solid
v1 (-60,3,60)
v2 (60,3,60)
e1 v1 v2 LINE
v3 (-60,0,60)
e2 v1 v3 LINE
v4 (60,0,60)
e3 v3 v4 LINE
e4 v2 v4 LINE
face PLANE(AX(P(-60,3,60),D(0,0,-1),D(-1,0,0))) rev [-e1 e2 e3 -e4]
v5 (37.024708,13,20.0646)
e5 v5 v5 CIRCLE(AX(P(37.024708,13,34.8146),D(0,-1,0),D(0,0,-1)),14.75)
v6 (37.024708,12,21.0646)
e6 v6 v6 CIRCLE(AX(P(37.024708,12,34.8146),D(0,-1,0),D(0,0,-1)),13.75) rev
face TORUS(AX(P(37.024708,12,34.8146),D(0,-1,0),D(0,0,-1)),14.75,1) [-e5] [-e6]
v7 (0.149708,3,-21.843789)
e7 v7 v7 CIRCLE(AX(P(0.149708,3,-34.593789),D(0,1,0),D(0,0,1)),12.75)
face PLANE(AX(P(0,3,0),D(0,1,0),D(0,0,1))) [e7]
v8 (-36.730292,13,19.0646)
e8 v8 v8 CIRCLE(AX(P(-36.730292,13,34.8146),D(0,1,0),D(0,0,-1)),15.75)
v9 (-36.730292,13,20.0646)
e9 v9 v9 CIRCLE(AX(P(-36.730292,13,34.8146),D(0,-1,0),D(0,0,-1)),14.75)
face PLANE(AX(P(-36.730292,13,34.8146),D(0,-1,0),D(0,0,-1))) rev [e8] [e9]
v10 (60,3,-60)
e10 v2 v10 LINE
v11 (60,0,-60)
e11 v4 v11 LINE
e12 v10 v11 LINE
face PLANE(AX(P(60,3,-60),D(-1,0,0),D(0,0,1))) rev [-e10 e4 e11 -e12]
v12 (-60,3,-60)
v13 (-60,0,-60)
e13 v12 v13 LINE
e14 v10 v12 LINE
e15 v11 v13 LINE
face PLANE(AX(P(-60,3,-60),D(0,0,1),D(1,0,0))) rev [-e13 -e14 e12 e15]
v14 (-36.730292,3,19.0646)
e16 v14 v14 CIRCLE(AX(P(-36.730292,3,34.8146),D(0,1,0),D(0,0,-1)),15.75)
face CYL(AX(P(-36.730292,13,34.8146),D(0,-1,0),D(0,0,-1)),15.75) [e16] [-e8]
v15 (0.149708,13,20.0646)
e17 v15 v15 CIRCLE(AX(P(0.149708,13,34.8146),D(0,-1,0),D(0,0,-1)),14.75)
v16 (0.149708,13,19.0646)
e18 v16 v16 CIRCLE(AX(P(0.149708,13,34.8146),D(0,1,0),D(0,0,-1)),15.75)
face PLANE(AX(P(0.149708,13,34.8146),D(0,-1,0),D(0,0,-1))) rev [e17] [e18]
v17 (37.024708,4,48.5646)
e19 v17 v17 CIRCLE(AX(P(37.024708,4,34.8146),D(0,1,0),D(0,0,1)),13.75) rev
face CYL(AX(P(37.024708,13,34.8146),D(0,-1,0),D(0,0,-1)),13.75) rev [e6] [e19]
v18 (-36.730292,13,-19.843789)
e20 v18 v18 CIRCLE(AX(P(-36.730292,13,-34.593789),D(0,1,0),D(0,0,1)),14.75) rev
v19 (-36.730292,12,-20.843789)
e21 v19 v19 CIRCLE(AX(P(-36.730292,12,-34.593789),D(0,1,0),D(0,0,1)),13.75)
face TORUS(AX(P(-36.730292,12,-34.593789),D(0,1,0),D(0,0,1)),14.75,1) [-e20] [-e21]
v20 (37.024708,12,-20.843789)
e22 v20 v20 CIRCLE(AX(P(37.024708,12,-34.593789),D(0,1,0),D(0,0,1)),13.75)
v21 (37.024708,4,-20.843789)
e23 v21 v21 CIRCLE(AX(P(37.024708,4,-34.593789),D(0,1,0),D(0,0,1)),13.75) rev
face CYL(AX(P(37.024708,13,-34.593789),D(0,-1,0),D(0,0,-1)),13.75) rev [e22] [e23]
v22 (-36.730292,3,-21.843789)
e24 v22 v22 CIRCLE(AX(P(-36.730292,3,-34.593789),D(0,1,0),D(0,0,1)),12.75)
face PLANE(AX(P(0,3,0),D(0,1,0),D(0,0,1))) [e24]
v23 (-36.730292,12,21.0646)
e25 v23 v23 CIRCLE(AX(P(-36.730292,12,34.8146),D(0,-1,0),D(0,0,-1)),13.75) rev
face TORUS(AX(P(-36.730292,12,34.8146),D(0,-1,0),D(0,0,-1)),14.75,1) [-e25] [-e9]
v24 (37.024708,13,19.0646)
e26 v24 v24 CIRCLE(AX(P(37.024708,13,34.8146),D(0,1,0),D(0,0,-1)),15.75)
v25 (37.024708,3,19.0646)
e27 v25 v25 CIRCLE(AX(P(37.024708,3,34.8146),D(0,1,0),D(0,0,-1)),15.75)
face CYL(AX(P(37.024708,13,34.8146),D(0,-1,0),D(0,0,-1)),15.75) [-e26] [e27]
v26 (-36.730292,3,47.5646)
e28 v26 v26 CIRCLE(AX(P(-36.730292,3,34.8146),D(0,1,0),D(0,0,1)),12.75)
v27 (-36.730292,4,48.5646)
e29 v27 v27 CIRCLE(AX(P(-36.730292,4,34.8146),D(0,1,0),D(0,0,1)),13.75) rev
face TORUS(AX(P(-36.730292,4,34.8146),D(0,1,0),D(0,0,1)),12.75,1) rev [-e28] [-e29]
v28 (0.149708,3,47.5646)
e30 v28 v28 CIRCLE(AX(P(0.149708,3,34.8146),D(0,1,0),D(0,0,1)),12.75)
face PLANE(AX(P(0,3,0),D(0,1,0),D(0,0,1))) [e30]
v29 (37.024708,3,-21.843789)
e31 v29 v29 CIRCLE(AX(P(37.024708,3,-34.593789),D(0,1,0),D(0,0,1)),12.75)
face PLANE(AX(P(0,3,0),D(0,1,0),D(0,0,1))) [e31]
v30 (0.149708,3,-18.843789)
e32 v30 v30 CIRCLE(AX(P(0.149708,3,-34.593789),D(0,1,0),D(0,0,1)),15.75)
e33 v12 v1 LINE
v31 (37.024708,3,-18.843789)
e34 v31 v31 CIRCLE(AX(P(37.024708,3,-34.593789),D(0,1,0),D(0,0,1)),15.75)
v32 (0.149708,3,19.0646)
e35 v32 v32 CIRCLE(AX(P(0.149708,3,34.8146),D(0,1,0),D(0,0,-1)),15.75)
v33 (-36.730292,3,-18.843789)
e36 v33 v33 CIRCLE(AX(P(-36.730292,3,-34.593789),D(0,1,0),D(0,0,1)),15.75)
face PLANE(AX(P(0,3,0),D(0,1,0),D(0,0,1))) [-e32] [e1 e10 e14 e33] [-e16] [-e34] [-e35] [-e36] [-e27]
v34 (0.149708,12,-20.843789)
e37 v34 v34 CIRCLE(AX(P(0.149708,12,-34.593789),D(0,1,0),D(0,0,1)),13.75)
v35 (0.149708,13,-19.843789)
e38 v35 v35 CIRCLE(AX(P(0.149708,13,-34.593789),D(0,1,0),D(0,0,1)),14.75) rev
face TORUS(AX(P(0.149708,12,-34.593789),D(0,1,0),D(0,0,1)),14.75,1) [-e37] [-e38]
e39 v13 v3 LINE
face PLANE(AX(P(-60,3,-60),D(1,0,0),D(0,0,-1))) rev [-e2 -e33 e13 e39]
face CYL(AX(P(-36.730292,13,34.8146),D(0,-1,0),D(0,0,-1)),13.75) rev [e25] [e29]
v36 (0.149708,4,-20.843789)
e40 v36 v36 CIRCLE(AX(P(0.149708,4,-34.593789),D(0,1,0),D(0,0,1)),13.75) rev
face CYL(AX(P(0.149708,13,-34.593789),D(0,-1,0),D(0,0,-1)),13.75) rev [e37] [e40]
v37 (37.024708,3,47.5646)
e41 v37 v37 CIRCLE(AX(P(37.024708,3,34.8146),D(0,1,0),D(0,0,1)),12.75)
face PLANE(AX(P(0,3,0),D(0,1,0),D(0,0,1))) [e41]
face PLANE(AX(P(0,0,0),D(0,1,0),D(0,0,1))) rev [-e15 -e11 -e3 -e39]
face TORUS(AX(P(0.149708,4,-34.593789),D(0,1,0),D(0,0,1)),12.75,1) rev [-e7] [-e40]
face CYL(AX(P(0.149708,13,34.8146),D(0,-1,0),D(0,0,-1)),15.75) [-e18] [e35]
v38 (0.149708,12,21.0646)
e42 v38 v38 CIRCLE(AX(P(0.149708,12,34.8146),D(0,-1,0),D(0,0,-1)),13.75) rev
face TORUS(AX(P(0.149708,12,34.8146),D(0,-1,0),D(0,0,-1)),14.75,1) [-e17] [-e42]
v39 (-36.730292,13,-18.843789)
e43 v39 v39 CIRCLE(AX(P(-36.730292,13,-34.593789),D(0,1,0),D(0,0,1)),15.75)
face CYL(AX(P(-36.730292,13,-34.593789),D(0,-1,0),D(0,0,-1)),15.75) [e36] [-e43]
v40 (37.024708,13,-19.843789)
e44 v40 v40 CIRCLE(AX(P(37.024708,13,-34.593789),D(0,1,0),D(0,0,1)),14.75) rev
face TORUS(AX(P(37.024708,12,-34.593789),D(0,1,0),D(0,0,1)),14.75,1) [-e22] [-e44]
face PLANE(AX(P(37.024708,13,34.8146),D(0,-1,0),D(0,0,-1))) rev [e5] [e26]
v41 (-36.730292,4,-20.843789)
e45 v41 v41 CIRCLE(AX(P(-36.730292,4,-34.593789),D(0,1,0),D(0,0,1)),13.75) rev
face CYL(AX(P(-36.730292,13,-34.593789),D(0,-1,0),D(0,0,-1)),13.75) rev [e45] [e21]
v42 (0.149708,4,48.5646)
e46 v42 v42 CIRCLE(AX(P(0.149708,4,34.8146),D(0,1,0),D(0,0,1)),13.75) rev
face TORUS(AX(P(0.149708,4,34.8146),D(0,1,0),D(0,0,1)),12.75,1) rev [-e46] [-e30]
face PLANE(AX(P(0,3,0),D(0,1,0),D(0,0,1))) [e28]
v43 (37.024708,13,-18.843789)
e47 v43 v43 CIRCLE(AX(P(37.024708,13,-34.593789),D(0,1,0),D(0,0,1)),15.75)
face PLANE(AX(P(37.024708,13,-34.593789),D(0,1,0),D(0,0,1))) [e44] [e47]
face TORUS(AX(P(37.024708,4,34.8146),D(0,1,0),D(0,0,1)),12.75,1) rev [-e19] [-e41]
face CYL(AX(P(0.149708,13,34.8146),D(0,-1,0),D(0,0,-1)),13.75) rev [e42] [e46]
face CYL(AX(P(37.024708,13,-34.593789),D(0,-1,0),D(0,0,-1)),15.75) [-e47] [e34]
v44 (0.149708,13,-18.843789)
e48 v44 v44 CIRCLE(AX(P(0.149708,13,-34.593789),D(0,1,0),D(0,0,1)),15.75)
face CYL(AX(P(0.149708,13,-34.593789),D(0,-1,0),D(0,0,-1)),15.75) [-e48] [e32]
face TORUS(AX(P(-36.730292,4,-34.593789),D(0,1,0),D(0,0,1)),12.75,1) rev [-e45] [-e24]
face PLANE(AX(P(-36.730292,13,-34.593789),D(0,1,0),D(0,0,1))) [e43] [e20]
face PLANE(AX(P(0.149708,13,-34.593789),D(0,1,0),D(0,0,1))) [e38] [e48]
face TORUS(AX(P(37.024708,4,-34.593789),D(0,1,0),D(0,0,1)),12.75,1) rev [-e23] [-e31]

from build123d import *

# Parameters (mm, degrees)
SKETCH3_W           = 120
SKETCH3_H           = 120
BOSS_EXTRUDE1_DEPTH = 3
SKETCH5_R           = 15.75
SKETCH5_R_2         = 13.75
BOSS_EXTRUDE2_DEPTH = 10
FILLET2_R           = 1
FILLET3_R           = 1


with BuildPart() as part:
    # Sketch3 → Boss-Extrude1 (new body)
    with BuildSketch(Plane(origin=(0, 0, 0), x_dir=(1, 0, 0), z_dir=(0, 1, 0))):
        Rectangle(SKETCH3_W, SKETCH3_H)
    extrude(amount=BOSS_EXTRUDE1_DEPTH)

    # Sketch5 → Boss-Extrude2 (add)
    # profile 1 of 6: a face of its own
    with BuildSketch(Plane(origin=(0, 3, 0), x_dir=(1, 0, 0), z_dir=(0, 1, 0))):
        with Locations(Location((0.149707612, 34.593788931, 0), (0, 0, 270))):
            Circle(SKETCH5_R)
        with Locations(Location((0.149707612, 34.593788931, 0), (0, 0, 270))):
            Circle(SKETCH5_R_2, mode=Mode.SUBTRACT)
    # profile 2 of 6: a face of its own
    with BuildSketch(Plane(origin=(0, 3, 0), x_dir=(1, 0, 0), z_dir=(0, 1, 0))):
        with Locations(Location((0.149707612, -34.81460035, 0), (0, 0, 90))):
            Circle(SKETCH5_R)
        with Locations(Location((0.149707612, -34.81460035, 0), (0, 0, 90))):
            Circle(SKETCH5_R_2, mode=Mode.SUBTRACT)
    # profile 3 of 6: a face of its own
    with BuildSketch(Plane(origin=(0, 3, 0), x_dir=(1, 0, 0), z_dir=(0, 1, 0))):
        with Locations(Location((37.024707612, -34.81460035, 0), (0, 0, 90))):
            Circle(SKETCH5_R)
        with Locations(Location((37.024707612, -34.81460035, 0), (0, 0, 90))):
            Circle(SKETCH5_R_2, mode=Mode.SUBTRACT)
    # profile 4 of 6: a face of its own
    with BuildSketch(Plane(origin=(0, 3, 0), x_dir=(1, 0, 0), z_dir=(0, 1, 0))):
        with Locations(Location((37.024707612, 34.593788931, 0), (0, 0, 270))):
            Circle(SKETCH5_R)
        with Locations(Location((37.024707612, 34.593788931, 0), (0, 0, 270))):
            Circle(SKETCH5_R_2, mode=Mode.SUBTRACT)
    # profile 5 of 6: a face of its own
    with BuildSketch(Plane(origin=(0, 3, 0), x_dir=(1, 0, 0), z_dir=(0, 1, 0))):
        with Locations(Location((-36.730292388, -34.81460035, 0), (0, 0, 90))):
            Circle(SKETCH5_R)
        with Locations(Location((-36.730292388, -34.81460035, 0), (0, 0, 90))):
            Circle(SKETCH5_R_2, mode=Mode.SUBTRACT)
    # profile 6 of 6: a face of its own
    with BuildSketch(Plane(origin=(0, 3, 0), x_dir=(1, 0, 0), z_dir=(0, 1, 0))):
        with Locations(Location((-36.730292388, 34.593788931, 0), (0, 0, 270))):
            Circle(SKETCH5_R)
        with Locations(Location((-36.730292388, 34.593788931, 0), (0, 0, 270))):
            Circle(SKETCH5_R_2, mode=Mode.SUBTRACT)
    extrude(amount=BOSS_EXTRUDE2_DEPTH)

    # Fillet2
    fillet2_edges = [part.edges().sort_by_distance(p)[0] for p in [
        (0.149707612, 13, -48.343788931),
        (0.149707612, 3, 48.56460035),
        (37.024707612, 13, 48.56460035),
        (37.024707612, 3, -48.343788931),
        (-36.730292388, 3, 48.56460035),
        (-36.730292388, 13, -48.343788931),
    ]]
    fillet(fillet2_edges, radius=FILLET2_R)

    # Fillet3
    fillet3_edges = [part.edges().sort_by_distance(p)[0] for p in [
        (0.149707612, 3, -48.343788931),
        (0.149707612, 13, 48.56460035),
        (37.024707612, 3, 48.56460035),
        (37.024707612, 13, -48.343788931),
        (-36.730292388, 13, 48.56460035),
        (-36.730292388, 3, -48.343788931),
    ]]
    fillet(fillet3_edges, radius=FILLET3_R)


solid = part.part
